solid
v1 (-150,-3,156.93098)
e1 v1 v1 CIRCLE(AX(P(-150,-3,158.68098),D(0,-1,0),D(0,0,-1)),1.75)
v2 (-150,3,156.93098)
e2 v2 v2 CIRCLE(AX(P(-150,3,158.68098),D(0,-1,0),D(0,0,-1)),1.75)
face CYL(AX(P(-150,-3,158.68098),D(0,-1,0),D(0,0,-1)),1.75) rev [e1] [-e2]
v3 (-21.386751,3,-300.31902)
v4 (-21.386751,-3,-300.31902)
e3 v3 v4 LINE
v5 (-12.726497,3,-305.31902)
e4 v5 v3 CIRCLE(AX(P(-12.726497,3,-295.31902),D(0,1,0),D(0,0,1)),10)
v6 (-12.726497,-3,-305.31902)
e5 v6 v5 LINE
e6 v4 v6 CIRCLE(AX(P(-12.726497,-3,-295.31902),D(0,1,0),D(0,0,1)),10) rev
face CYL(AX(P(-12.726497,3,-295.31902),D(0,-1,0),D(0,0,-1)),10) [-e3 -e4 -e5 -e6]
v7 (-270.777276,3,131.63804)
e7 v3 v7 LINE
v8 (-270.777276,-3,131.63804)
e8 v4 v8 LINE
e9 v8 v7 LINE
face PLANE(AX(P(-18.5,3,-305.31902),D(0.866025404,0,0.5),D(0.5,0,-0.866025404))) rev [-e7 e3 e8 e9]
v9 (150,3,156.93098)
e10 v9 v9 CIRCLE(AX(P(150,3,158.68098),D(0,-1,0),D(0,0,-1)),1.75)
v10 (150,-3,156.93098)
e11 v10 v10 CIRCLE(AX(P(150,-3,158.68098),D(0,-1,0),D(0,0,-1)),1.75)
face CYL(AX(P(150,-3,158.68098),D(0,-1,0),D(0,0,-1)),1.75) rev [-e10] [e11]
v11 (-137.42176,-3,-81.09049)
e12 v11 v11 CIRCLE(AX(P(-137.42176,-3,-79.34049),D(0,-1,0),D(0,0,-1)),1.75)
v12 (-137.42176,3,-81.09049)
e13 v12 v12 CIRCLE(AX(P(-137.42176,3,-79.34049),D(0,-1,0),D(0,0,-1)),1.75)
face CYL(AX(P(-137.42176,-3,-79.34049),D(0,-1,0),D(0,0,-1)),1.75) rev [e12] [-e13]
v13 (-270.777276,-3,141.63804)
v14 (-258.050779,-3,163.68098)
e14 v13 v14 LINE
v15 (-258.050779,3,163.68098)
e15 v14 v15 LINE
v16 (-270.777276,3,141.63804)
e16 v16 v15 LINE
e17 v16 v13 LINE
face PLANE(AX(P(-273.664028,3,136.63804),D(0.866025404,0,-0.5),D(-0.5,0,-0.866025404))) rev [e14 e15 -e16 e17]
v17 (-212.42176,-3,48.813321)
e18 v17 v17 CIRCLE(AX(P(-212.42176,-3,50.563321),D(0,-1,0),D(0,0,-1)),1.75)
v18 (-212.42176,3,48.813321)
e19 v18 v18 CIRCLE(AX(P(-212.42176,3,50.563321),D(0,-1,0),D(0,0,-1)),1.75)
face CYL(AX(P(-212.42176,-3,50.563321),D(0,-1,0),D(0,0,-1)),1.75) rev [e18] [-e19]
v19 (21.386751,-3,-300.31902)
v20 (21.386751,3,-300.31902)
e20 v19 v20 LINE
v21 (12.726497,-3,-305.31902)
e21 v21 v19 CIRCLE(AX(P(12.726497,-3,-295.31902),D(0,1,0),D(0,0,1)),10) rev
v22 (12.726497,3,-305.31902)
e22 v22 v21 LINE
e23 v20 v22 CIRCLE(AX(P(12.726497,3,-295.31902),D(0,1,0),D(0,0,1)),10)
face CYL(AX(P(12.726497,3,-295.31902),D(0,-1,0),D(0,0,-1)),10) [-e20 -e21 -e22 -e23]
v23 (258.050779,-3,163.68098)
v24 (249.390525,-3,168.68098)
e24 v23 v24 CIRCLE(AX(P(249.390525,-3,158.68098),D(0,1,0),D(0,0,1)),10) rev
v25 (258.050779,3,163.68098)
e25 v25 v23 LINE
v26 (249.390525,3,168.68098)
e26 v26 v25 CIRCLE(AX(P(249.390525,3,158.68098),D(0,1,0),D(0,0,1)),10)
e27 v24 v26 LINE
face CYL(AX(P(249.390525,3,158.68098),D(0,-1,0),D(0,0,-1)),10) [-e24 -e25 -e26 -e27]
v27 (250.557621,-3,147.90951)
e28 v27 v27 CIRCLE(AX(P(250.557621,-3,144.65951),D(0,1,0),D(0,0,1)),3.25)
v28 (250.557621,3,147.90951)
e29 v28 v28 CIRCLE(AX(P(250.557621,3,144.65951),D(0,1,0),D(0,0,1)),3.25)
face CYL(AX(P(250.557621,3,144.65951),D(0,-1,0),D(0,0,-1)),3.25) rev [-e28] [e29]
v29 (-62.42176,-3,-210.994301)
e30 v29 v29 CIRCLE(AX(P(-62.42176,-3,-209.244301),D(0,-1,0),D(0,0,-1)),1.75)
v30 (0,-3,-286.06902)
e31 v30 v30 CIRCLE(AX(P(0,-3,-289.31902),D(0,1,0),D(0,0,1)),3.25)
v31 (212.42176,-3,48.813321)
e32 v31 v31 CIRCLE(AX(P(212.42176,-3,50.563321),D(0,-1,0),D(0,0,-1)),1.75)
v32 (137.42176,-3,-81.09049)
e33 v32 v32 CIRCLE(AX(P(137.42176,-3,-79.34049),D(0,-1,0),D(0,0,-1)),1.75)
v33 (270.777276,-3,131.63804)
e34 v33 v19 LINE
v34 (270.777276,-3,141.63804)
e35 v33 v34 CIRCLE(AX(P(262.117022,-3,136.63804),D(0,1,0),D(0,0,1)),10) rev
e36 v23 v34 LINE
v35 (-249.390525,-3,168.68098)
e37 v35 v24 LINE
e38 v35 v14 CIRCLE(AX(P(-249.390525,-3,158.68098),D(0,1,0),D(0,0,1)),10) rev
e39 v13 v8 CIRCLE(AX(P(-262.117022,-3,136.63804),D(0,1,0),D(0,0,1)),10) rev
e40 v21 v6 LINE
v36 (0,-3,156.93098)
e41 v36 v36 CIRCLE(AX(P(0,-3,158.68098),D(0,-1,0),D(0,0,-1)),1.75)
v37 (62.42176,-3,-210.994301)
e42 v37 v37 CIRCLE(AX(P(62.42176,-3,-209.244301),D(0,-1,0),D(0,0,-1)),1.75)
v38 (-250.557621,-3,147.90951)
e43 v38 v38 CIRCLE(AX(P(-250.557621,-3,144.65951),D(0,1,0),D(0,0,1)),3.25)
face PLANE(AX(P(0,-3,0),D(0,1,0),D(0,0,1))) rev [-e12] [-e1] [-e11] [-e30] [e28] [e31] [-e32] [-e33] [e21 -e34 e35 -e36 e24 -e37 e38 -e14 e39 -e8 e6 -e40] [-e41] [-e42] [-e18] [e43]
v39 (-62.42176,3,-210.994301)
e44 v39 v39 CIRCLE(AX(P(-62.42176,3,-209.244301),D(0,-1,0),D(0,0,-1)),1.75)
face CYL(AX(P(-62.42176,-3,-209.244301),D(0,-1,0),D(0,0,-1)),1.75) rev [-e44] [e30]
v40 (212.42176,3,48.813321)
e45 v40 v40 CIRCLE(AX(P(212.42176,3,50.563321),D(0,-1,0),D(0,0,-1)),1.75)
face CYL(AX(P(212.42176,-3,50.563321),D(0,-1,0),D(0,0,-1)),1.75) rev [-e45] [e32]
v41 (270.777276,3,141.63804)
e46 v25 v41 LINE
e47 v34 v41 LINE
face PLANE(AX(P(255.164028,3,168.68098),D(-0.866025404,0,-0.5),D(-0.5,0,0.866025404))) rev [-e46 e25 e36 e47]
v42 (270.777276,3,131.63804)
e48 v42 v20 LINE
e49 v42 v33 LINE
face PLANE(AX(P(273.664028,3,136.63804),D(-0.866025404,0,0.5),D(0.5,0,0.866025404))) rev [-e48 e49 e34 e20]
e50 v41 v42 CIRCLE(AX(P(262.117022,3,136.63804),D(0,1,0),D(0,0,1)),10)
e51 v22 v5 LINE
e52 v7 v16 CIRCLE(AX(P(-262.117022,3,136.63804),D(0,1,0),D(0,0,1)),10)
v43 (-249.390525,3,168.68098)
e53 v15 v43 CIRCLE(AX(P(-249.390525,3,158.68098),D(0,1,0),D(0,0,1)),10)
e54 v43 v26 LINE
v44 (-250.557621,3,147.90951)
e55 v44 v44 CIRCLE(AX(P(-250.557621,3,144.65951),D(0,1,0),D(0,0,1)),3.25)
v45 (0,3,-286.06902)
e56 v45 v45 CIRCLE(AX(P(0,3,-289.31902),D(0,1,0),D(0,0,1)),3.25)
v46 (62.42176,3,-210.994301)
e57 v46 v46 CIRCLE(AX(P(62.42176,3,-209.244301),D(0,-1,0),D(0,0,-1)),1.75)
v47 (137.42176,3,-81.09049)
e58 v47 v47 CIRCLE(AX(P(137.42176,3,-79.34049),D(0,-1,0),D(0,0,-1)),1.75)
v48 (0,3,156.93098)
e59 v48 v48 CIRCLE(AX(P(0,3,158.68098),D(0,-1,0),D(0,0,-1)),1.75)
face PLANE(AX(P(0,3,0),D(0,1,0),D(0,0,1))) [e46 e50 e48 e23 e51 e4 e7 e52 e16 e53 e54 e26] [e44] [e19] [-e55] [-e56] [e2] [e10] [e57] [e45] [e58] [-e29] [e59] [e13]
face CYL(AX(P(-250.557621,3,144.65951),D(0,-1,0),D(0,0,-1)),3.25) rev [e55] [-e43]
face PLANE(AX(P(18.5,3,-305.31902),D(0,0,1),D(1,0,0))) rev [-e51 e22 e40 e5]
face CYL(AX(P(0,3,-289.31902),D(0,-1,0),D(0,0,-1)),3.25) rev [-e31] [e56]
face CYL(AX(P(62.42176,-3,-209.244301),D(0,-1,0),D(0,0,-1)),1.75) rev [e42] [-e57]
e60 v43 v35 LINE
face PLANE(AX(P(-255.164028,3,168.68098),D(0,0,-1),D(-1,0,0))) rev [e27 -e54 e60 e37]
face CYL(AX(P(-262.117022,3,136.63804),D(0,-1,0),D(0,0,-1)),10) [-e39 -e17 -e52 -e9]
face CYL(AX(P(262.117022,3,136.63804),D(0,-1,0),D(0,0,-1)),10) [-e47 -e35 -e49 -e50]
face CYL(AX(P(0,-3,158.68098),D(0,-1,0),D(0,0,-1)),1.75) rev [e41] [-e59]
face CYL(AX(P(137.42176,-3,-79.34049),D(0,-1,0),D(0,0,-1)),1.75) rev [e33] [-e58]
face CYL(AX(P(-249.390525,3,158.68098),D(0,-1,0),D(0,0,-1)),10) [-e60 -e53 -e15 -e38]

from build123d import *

# Parameters (mm, degrees)
SKETCH_1_R         = 3.25
EXTRUDE_1058_DEPTH = 3
FILLET_1_R         = 10
HOLE_WIZARD_3_2_D  = 3.5


with BuildPart() as part:
    # Эскиз1 → Extrude 1058 (new, symmetric)
    with BuildSketch(Plane(origin=(0, 0, 0), x_dir=(1, 0, 0), z_dir=(0, 1, 0))):
        Polygon((273.664027596, -136.63804004), (18.5, 305.31902002), (-18.5, 305.31902002), (-273.664027596, -136.63804004), (-255.164027596, -168.68097998), (255.164027596, -168.68097998), align=None)
        with Locations(Location((0, 289.31902002, 0), (0, 0, 270))):
            Circle(SKETCH_1_R, mode=Mode.SUBTRACT)
        with Locations(Location((-250.557621135, -144.65951001, 0), (0, 0, 270))):
            Circle(SKETCH_1_R, mode=Mode.SUBTRACT)
        with Locations(Location((250.557621135, -144.65951001, 0), (0, 0, 270))):
            Circle(SKETCH_1_R, mode=Mode.SUBTRACT)
    extrude(amount=EXTRUDE_1058_DEPTH, both=True)

    # Скругление1
    fillet_1_edges = [part.edges().sort_by_distance(p)[0] for p in [
        (255.164027596, 0, 168.68097998),
        (-255.164027596, 0, 168.68097998),
        (-273.664027596, 0, 136.63804004),
        (-18.5, 0, -305.31902002),
        (18.5, 0, -305.31902002),
        (273.664027596, 0, 136.63804004),
    ]]
    fillet(fillet_1_edges, radius=FILLET_1_R)

    # К Профилю 3,2мм (through all)
    with Locations(Plane(origin=(0, -3, 0), x_dir=(-1, 0, 0), z_dir=(0, -1, 0))):
        with Locations((150, -158.68097998), (0, -158.68097998), (-150, -158.68097998), (-212.42175976, -50.563320578), (-137.42175976, 79.34048999), (-62.42175976, 209.244300558), (62.42175976, 209.244300558), (137.42175976, 79.34048999), (212.42175976, -50.563320578)):
            Hole(HOLE_WIZARD_3_2_D / 2)


solid = part.part
